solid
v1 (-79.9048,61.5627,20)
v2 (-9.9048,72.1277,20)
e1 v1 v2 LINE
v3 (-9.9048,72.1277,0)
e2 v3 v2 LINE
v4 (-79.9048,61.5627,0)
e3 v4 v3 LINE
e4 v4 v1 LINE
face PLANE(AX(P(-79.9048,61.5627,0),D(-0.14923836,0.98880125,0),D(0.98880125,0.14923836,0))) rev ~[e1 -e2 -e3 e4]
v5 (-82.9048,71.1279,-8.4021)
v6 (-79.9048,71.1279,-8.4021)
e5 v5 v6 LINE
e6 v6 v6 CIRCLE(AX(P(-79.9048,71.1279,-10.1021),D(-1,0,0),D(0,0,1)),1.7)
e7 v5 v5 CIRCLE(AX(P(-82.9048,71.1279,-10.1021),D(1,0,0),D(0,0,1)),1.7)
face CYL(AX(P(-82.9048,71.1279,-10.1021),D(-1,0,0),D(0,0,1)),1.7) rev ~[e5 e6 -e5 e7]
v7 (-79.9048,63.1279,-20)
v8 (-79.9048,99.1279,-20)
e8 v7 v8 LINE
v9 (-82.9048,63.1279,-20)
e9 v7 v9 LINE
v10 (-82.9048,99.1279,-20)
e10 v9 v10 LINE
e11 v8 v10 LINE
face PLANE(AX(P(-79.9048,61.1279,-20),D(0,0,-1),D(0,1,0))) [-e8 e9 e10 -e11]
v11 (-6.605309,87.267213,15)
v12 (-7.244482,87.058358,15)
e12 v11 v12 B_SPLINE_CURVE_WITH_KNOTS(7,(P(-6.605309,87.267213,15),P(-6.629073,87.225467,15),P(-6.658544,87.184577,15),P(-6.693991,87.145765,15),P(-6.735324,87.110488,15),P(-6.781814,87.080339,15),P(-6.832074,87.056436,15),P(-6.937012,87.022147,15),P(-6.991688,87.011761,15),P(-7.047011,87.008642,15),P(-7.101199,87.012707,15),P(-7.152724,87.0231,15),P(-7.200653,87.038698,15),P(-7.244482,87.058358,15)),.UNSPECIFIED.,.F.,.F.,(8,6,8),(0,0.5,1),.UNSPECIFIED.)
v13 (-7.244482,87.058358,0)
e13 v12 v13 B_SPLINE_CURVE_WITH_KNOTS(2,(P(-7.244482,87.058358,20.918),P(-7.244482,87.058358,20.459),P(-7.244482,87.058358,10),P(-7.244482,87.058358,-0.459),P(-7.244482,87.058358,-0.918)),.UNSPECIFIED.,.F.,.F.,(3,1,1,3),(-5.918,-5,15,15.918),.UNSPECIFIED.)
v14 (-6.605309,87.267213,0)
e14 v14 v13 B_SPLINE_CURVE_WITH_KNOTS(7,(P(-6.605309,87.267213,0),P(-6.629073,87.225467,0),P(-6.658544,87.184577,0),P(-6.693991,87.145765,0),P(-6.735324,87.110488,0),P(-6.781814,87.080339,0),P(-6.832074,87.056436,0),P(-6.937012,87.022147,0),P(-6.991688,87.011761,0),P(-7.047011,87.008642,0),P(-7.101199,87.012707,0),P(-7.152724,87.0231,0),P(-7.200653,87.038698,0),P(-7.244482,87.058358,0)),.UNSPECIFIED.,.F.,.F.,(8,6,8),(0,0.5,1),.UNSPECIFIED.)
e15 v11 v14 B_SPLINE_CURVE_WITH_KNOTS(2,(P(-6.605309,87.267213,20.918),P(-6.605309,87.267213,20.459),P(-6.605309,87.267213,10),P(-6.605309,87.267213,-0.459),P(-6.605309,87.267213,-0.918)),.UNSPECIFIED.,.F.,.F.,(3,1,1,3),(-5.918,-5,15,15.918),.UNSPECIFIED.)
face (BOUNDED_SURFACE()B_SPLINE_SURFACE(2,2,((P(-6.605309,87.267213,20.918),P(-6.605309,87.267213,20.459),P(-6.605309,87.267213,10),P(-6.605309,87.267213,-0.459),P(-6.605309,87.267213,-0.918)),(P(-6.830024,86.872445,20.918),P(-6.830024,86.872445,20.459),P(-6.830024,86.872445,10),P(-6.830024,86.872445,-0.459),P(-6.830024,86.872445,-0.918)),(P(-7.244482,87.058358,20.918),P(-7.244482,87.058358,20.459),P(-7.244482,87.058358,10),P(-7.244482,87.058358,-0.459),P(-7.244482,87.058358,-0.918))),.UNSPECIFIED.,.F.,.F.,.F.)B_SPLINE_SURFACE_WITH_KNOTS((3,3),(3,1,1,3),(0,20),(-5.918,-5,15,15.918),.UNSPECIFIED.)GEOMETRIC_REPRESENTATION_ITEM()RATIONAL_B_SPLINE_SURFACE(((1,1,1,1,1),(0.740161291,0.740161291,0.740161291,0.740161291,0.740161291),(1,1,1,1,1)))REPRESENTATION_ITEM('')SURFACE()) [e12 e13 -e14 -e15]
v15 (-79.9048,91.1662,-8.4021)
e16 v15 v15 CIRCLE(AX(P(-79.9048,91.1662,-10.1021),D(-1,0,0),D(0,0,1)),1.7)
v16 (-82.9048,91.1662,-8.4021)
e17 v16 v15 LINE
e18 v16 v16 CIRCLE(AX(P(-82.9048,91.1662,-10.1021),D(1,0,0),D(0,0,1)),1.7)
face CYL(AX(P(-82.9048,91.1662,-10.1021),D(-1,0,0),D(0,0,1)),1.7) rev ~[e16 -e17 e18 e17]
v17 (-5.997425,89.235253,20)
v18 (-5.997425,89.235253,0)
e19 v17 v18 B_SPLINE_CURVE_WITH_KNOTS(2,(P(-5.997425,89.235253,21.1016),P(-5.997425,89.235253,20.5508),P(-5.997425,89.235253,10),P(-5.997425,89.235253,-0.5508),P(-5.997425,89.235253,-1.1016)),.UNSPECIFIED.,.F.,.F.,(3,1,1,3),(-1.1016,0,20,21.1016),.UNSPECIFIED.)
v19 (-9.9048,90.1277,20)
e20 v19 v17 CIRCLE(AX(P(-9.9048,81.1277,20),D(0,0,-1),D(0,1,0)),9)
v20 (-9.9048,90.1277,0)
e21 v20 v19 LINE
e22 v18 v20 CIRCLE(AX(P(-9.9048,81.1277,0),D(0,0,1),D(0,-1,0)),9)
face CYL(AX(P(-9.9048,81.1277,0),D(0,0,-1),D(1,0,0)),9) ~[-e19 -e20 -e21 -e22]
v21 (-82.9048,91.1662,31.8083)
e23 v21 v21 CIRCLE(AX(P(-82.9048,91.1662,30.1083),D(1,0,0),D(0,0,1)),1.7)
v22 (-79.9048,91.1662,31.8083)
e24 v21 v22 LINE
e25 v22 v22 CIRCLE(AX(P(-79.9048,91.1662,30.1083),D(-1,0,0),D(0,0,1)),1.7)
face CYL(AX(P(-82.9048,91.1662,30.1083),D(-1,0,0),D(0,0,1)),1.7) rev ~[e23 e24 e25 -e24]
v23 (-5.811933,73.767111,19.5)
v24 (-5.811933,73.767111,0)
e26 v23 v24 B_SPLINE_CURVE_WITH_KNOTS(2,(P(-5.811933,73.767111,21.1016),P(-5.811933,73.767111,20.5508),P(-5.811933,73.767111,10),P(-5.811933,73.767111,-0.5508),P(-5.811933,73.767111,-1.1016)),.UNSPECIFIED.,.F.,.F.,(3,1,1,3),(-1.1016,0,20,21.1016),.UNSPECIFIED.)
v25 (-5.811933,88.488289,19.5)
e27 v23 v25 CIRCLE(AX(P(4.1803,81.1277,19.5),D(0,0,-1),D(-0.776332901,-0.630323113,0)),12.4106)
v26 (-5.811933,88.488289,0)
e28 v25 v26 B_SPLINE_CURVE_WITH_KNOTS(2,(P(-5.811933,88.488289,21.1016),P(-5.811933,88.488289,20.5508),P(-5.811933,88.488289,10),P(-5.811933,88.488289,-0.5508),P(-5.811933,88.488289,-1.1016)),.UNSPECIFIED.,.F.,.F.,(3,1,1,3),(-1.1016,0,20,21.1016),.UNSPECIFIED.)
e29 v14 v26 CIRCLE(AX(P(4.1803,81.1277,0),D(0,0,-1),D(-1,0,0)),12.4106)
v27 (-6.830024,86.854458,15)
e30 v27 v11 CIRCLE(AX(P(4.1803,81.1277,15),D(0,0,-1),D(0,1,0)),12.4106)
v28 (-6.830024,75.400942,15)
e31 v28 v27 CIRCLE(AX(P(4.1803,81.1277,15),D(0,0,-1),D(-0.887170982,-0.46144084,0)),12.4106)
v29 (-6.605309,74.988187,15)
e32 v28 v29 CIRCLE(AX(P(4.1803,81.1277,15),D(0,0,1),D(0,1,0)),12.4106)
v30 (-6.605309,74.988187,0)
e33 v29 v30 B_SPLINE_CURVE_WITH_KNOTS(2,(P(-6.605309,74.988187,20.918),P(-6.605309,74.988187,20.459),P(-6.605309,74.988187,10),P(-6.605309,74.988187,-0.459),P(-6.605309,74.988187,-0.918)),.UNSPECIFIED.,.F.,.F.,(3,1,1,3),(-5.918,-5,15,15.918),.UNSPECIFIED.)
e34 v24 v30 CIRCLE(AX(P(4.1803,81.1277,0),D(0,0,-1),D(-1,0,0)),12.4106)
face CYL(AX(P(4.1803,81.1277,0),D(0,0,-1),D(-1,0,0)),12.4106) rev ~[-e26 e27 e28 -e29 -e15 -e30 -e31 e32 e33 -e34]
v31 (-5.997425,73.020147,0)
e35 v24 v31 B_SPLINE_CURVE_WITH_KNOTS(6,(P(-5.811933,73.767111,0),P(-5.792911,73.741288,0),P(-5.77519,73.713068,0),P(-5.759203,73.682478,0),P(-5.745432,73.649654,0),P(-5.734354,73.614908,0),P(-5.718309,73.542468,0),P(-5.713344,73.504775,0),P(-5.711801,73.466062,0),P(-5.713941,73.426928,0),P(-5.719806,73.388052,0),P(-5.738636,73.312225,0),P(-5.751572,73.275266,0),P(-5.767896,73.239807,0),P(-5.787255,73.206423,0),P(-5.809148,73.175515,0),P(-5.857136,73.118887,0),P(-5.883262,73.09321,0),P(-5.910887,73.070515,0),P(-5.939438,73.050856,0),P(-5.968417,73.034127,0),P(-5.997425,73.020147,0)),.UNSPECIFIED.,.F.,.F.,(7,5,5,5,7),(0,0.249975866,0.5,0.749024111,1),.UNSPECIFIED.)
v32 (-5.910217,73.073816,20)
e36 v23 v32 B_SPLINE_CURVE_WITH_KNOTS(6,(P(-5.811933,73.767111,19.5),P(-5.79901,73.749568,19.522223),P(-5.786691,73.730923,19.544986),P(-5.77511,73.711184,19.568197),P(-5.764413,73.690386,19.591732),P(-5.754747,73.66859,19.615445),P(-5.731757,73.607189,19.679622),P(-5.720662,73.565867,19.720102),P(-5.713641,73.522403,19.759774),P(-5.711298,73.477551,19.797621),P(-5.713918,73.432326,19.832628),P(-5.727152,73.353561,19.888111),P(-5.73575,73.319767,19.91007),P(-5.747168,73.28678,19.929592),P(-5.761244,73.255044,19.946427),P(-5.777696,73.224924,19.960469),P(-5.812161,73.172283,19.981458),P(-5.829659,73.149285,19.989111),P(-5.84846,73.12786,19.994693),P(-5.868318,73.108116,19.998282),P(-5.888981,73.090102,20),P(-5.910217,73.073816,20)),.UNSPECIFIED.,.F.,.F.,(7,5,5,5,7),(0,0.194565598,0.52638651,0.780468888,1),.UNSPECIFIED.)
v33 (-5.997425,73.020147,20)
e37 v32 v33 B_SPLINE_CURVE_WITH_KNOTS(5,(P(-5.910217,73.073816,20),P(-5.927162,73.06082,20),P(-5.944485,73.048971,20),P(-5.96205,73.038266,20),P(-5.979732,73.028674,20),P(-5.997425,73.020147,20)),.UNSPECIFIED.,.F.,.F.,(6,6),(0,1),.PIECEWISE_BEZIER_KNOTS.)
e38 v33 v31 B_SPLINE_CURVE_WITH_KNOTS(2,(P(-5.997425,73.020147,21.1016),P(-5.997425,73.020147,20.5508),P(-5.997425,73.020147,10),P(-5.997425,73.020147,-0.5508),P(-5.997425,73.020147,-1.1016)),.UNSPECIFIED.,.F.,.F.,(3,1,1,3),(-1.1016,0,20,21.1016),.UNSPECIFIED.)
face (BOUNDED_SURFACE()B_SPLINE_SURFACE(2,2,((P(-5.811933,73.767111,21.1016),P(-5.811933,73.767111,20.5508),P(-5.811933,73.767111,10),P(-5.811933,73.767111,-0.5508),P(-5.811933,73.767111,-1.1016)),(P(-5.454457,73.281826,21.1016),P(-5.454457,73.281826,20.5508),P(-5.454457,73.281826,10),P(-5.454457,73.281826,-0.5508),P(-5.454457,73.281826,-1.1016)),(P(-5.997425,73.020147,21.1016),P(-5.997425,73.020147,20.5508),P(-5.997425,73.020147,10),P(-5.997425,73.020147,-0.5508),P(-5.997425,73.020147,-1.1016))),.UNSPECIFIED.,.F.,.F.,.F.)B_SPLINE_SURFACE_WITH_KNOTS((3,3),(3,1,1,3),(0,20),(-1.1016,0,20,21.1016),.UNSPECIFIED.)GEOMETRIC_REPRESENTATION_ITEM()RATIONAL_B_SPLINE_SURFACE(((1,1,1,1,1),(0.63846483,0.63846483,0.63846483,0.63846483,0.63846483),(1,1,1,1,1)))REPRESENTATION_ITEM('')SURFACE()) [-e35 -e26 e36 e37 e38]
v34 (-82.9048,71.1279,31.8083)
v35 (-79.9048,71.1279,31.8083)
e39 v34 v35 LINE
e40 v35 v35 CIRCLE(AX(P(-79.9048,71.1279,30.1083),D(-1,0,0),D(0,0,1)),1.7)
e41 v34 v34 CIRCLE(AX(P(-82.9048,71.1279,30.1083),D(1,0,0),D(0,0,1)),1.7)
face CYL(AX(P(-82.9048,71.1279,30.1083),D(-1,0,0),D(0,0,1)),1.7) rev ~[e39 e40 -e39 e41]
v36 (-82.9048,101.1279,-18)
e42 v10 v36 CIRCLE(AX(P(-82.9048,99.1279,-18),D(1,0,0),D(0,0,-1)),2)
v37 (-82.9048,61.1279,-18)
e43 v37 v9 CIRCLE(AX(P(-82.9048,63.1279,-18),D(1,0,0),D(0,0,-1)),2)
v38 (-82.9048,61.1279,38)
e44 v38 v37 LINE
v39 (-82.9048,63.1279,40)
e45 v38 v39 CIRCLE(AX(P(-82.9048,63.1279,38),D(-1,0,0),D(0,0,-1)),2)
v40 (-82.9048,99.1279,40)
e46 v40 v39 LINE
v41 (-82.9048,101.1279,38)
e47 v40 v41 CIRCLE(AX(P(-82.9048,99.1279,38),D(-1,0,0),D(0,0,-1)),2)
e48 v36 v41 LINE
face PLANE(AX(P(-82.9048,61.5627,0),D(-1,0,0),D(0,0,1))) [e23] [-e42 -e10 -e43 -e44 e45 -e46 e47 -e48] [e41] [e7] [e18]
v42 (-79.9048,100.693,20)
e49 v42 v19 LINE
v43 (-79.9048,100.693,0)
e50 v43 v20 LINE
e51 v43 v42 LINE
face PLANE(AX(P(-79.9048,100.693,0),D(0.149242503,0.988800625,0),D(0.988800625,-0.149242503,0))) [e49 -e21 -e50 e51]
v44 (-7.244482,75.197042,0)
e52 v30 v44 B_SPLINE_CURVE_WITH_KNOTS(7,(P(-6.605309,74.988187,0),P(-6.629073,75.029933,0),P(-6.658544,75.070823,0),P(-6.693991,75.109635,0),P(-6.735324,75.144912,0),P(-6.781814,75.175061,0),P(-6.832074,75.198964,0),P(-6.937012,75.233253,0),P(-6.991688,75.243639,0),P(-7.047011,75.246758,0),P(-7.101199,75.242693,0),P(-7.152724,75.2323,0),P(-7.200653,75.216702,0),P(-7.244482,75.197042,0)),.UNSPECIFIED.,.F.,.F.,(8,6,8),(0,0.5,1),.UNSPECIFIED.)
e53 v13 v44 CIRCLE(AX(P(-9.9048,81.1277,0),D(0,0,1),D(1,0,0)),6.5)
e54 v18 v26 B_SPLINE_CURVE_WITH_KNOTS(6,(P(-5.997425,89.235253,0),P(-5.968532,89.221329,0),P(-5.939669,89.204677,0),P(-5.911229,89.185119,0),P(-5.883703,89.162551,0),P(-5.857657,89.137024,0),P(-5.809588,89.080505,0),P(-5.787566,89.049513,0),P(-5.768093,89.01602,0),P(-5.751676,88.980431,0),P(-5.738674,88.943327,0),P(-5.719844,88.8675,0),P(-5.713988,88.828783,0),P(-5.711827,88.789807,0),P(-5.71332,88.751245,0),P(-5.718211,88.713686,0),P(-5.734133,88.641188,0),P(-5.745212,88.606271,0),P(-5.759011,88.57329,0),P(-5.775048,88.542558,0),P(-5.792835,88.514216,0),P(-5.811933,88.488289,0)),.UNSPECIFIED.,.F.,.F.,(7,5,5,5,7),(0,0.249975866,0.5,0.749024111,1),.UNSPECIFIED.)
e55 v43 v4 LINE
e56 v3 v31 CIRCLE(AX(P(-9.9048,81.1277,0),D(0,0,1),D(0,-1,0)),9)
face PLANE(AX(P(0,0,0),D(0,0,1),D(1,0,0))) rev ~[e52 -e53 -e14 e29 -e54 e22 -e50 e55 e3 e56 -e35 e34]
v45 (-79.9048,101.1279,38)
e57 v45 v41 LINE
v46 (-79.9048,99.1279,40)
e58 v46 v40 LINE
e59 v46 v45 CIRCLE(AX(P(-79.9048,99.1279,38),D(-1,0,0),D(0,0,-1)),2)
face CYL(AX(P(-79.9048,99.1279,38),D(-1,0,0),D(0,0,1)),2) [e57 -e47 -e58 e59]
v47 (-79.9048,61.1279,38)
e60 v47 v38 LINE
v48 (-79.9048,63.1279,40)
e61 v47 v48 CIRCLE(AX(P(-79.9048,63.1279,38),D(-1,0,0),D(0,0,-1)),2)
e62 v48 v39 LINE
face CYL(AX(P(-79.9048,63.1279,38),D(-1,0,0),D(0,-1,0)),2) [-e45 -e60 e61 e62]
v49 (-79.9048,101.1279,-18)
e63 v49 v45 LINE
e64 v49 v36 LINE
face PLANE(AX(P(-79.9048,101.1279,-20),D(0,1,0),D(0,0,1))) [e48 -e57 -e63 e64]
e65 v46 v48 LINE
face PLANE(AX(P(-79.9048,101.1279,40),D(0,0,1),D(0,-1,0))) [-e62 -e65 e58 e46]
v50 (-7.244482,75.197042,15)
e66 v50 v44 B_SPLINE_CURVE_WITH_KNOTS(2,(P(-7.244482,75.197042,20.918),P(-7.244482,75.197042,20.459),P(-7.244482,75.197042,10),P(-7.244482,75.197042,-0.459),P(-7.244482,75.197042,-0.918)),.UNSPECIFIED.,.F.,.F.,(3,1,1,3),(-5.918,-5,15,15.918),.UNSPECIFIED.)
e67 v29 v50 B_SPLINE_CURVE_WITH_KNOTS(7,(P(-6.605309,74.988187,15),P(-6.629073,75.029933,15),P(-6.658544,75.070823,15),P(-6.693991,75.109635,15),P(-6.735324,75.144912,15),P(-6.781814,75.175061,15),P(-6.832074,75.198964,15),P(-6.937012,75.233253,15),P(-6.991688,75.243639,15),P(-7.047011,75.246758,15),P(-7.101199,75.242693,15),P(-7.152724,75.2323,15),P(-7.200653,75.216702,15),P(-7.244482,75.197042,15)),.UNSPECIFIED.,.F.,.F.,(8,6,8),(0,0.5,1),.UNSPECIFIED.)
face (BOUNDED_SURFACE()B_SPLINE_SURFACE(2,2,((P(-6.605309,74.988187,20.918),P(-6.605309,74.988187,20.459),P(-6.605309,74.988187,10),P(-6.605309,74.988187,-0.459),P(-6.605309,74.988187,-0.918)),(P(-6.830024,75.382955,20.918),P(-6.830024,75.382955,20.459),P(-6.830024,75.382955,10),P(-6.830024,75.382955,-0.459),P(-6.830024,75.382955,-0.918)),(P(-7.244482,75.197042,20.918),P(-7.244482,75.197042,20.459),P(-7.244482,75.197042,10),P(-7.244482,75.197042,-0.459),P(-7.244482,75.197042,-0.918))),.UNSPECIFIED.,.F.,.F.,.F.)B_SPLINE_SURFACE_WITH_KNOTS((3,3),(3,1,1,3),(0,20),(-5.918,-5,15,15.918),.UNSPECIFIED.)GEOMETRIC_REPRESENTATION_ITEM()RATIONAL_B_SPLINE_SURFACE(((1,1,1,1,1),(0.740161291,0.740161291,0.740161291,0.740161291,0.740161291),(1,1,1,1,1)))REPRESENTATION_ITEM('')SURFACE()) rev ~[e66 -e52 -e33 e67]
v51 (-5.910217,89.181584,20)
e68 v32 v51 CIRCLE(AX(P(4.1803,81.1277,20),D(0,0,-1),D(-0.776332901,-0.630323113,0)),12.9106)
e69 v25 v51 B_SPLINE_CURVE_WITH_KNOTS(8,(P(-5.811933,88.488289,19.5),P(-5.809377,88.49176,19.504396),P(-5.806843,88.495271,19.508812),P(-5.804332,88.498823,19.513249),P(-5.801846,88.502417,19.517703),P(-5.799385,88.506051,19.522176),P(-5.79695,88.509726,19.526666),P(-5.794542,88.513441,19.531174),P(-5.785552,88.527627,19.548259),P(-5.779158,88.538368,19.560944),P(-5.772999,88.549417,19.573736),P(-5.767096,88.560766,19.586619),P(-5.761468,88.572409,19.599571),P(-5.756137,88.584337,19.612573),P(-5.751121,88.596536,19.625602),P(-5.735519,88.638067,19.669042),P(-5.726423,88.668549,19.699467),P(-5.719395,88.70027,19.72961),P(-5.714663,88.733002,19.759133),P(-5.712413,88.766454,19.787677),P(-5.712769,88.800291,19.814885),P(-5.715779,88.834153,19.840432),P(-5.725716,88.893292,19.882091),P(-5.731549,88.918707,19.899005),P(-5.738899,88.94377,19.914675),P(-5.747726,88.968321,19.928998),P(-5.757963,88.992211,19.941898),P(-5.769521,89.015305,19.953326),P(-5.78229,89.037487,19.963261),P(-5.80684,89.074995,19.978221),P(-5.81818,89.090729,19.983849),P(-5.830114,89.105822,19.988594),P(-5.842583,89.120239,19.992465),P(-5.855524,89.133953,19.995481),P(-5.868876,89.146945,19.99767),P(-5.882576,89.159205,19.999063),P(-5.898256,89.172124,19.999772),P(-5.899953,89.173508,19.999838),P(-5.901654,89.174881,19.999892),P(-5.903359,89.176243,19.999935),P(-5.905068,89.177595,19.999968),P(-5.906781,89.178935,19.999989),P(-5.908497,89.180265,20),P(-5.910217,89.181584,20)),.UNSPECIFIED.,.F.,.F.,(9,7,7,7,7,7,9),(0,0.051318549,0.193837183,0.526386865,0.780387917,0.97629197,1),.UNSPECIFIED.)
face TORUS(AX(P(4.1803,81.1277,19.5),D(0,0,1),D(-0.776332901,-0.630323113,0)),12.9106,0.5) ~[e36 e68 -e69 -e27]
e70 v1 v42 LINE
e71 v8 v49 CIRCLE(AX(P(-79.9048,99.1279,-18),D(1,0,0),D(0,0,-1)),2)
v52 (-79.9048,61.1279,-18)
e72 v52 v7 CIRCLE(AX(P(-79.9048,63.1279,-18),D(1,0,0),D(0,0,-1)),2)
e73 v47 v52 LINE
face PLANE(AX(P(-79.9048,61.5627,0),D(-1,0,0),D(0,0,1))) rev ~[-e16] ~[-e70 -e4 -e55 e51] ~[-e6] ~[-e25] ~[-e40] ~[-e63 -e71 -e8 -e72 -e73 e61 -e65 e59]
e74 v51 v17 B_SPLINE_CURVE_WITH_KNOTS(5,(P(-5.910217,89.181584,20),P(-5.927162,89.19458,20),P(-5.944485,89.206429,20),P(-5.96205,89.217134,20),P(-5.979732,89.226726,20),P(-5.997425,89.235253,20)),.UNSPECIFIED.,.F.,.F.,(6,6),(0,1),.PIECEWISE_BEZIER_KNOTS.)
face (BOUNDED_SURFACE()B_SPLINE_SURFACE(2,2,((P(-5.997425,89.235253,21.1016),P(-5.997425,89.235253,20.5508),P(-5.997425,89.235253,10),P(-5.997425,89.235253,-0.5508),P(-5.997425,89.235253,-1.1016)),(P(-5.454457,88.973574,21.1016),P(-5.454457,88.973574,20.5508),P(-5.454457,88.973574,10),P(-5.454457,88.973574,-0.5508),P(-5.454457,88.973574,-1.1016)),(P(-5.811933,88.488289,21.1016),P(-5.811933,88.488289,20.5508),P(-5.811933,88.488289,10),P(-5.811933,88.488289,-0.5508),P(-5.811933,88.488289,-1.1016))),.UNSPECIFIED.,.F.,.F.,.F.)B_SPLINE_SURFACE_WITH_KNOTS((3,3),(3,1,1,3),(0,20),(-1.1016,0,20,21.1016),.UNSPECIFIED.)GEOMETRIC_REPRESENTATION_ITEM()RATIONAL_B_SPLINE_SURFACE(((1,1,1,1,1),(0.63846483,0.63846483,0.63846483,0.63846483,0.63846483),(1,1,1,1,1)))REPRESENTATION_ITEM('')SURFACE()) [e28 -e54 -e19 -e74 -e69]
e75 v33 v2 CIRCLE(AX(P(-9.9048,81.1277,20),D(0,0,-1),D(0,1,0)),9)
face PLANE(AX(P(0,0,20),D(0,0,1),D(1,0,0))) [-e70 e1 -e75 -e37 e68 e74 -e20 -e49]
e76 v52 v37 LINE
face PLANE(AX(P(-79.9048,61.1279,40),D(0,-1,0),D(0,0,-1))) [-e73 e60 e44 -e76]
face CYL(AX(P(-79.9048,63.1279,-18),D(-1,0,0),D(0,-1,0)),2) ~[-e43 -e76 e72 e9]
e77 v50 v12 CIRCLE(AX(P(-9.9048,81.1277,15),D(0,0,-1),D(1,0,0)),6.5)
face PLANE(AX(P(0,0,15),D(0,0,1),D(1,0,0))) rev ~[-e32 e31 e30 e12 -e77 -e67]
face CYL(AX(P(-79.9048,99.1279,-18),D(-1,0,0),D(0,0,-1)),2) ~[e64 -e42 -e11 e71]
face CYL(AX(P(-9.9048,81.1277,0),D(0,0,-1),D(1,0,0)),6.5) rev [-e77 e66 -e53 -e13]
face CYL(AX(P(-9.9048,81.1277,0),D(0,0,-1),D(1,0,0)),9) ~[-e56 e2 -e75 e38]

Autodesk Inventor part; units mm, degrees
ref_plane "YZ Plane" through (0, 0, 0) normal (1, 0, 0) x (0, 1, 0)
ref_plane "XZ Plane" through (0, 0, 0) normal (0, 1, 0) x (-1, 0, 0)
ref_plane "XY Plane" through (0, 0, 0) normal (0, 0, 1) x (1, 0, 0)
ref_plane "Plano de trabajo1" through (0, 0, 0) normal (0, 0, 1) x (1, 0, 0)
sketch "Boceto1" plane through (0, 0, 0) normal (0, 0, 1) x (1, 0, 0)
  circle A0 centre (-9.9048, 81.1277) radius 6.5
  line L0 (-79.9048, 100.693) -> (-79.9048, 87.6277)
  line L1 (-79.9048, 74.6277) -> (-79.9048, 61.5627)
  line L2 (-79.9048, 87.6277) -> (-79.9048, 74.6277)
  circle A1 centre (-9.9048, 81.1277) radius 9
  line L3 (-79.9048, 100.693) -> (-9.9048, 90.1277)
  line L4 (-79.9048, 61.5627) -> (-9.9048, 72.1277)
  point P0 (0, 0)
  dimension "d0" = 13
  dimension "d2" = 13.065
  dimension "d3" = 18
extrude "Extrusión1" add sketch "Boceto1" along normal blind 20
sketch "Boceto2" plane through (-79.9048, 61.5627, 0) normal (-1, 0, 0) x (0, 0, 1)
  line L0 (0, 39.1303) -> (0, 0) projected
  line L1 (20, 39.1303) -> (20, 0) projected
  line L2 (0, 39.1303) -> (20, 0)
  line L3 (20, 39.1303) -> (0, 0)
  line L4 (40, -0.4348) -> (-20, -0.4348)
  line L5 (-20, -0.4348) -> (-20, 39.5652)
  line L6 (-20, 39.5652) -> (40, 39.5652)
  line L7 (40, 39.5652) -> (40, -0.4348)
  line L8 (40, -0.4348) -> (-20, 39.5652) construction
  line L9 (-20, -0.4348) -> (40, 39.5652) construction
  point P0 (0, -61.5627)
  point P1 (10, 19.5652)
  dimension "d6" = 60
  dimension "d7" = 40
extrude "Extrusión2" add sketch "Boceto2" along normal blind 3 contours L2 L3 L0 | L3 L1 L2 | L4 L5 L6 L7
fillet "Empalme1" radius 2 4 edges at (-81.4048, 101.1278, -20) (-81.4048, 101.1278, 40) (-81.4048, 61.1278, -20) (-81.4048, 61.1278, 40)
sketch "Boceto4" plane through (-82.9048, 61.5627, 0) normal (-1, 0, 0) x (0, 0, 1)
  line L0 (-10.1021, 39.6035) -> (-10.1021, 29.6035)
  line L1 (-10.1021, 29.6035) -> (-20.1021, 29.6035)
  circle A0 centre (-10.1021, 29.6035) radius 1.7
  line L2 (-10.1021, 29.6035) -> (-10.1021, -0.4348)
  line L3 (38, -0.4348) -> (-18, -0.4348) projected
  line L4 (-10.1021, -0.4348) -> (-10.1021, 9.5652)
  line L5 (-10.1021, 9.5652) -> (40.1083, 9.5652)
  line L6 (40.1083, 9.5652) -> (30.1083, 9.5652)
  line L7 (30.1083, 9.5652) -> (30.1083, 39.6035)
  line L8 (30.1083, 39.6035) -> (30.1083, 29.6035)
  circle A1 centre (-10.1021, 9.5652) radius 1.7
  circle A2 centre (30.1083, 9.5652) radius 1.7
  circle A3 centre (30.1083, 29.6035) radius 1.7
  point P0 (0, -61.5627)
  dimension "d11" = 10
  dimension "d12" = 10
  dimension "d13" = 3.4
  dimension "d14" = 10
  dimension "d15" = 10
  dimension "d16" = 10
  dimension "d17" = 3.4
  dimension "d18" = 3.4
  dimension "d19" = 3.4
extrude "Extrusión3" cut sketch "Boceto4" against normal blind 3
sketch "Boceto5" plane through (0, 0, 20) normal (0, 0, 1) x (1, 0, 0)
  circle A0 centre (-9.8912, 81.0888) radius 7
  point P0 (0, 0)
  dimension "d22" = 14
extrude "Extrusión4" add sketch "Boceto5" against normal blind 5
sketch "Boceto6" plane through (0, 0, 0) normal (0, 0, -1) x (-1, 0, 0)
  circle A0 centre (-4.1803, 81.1277) radius 12.4106
  point P0 (0, 0)
extrude "Extrusión5" cut sketch "Boceto6" against normal blind 20
fillet "Empalme2" radius 0.5 5 edges at (-6.83, 75.4009, 7.5) (-6.83, 86.8544, 7.5) (-5.4544, 88.9504, 10) (-5.4544, 73.305, 10) (-8.2303, 81.1277, 20)
properties part number "soporte"
